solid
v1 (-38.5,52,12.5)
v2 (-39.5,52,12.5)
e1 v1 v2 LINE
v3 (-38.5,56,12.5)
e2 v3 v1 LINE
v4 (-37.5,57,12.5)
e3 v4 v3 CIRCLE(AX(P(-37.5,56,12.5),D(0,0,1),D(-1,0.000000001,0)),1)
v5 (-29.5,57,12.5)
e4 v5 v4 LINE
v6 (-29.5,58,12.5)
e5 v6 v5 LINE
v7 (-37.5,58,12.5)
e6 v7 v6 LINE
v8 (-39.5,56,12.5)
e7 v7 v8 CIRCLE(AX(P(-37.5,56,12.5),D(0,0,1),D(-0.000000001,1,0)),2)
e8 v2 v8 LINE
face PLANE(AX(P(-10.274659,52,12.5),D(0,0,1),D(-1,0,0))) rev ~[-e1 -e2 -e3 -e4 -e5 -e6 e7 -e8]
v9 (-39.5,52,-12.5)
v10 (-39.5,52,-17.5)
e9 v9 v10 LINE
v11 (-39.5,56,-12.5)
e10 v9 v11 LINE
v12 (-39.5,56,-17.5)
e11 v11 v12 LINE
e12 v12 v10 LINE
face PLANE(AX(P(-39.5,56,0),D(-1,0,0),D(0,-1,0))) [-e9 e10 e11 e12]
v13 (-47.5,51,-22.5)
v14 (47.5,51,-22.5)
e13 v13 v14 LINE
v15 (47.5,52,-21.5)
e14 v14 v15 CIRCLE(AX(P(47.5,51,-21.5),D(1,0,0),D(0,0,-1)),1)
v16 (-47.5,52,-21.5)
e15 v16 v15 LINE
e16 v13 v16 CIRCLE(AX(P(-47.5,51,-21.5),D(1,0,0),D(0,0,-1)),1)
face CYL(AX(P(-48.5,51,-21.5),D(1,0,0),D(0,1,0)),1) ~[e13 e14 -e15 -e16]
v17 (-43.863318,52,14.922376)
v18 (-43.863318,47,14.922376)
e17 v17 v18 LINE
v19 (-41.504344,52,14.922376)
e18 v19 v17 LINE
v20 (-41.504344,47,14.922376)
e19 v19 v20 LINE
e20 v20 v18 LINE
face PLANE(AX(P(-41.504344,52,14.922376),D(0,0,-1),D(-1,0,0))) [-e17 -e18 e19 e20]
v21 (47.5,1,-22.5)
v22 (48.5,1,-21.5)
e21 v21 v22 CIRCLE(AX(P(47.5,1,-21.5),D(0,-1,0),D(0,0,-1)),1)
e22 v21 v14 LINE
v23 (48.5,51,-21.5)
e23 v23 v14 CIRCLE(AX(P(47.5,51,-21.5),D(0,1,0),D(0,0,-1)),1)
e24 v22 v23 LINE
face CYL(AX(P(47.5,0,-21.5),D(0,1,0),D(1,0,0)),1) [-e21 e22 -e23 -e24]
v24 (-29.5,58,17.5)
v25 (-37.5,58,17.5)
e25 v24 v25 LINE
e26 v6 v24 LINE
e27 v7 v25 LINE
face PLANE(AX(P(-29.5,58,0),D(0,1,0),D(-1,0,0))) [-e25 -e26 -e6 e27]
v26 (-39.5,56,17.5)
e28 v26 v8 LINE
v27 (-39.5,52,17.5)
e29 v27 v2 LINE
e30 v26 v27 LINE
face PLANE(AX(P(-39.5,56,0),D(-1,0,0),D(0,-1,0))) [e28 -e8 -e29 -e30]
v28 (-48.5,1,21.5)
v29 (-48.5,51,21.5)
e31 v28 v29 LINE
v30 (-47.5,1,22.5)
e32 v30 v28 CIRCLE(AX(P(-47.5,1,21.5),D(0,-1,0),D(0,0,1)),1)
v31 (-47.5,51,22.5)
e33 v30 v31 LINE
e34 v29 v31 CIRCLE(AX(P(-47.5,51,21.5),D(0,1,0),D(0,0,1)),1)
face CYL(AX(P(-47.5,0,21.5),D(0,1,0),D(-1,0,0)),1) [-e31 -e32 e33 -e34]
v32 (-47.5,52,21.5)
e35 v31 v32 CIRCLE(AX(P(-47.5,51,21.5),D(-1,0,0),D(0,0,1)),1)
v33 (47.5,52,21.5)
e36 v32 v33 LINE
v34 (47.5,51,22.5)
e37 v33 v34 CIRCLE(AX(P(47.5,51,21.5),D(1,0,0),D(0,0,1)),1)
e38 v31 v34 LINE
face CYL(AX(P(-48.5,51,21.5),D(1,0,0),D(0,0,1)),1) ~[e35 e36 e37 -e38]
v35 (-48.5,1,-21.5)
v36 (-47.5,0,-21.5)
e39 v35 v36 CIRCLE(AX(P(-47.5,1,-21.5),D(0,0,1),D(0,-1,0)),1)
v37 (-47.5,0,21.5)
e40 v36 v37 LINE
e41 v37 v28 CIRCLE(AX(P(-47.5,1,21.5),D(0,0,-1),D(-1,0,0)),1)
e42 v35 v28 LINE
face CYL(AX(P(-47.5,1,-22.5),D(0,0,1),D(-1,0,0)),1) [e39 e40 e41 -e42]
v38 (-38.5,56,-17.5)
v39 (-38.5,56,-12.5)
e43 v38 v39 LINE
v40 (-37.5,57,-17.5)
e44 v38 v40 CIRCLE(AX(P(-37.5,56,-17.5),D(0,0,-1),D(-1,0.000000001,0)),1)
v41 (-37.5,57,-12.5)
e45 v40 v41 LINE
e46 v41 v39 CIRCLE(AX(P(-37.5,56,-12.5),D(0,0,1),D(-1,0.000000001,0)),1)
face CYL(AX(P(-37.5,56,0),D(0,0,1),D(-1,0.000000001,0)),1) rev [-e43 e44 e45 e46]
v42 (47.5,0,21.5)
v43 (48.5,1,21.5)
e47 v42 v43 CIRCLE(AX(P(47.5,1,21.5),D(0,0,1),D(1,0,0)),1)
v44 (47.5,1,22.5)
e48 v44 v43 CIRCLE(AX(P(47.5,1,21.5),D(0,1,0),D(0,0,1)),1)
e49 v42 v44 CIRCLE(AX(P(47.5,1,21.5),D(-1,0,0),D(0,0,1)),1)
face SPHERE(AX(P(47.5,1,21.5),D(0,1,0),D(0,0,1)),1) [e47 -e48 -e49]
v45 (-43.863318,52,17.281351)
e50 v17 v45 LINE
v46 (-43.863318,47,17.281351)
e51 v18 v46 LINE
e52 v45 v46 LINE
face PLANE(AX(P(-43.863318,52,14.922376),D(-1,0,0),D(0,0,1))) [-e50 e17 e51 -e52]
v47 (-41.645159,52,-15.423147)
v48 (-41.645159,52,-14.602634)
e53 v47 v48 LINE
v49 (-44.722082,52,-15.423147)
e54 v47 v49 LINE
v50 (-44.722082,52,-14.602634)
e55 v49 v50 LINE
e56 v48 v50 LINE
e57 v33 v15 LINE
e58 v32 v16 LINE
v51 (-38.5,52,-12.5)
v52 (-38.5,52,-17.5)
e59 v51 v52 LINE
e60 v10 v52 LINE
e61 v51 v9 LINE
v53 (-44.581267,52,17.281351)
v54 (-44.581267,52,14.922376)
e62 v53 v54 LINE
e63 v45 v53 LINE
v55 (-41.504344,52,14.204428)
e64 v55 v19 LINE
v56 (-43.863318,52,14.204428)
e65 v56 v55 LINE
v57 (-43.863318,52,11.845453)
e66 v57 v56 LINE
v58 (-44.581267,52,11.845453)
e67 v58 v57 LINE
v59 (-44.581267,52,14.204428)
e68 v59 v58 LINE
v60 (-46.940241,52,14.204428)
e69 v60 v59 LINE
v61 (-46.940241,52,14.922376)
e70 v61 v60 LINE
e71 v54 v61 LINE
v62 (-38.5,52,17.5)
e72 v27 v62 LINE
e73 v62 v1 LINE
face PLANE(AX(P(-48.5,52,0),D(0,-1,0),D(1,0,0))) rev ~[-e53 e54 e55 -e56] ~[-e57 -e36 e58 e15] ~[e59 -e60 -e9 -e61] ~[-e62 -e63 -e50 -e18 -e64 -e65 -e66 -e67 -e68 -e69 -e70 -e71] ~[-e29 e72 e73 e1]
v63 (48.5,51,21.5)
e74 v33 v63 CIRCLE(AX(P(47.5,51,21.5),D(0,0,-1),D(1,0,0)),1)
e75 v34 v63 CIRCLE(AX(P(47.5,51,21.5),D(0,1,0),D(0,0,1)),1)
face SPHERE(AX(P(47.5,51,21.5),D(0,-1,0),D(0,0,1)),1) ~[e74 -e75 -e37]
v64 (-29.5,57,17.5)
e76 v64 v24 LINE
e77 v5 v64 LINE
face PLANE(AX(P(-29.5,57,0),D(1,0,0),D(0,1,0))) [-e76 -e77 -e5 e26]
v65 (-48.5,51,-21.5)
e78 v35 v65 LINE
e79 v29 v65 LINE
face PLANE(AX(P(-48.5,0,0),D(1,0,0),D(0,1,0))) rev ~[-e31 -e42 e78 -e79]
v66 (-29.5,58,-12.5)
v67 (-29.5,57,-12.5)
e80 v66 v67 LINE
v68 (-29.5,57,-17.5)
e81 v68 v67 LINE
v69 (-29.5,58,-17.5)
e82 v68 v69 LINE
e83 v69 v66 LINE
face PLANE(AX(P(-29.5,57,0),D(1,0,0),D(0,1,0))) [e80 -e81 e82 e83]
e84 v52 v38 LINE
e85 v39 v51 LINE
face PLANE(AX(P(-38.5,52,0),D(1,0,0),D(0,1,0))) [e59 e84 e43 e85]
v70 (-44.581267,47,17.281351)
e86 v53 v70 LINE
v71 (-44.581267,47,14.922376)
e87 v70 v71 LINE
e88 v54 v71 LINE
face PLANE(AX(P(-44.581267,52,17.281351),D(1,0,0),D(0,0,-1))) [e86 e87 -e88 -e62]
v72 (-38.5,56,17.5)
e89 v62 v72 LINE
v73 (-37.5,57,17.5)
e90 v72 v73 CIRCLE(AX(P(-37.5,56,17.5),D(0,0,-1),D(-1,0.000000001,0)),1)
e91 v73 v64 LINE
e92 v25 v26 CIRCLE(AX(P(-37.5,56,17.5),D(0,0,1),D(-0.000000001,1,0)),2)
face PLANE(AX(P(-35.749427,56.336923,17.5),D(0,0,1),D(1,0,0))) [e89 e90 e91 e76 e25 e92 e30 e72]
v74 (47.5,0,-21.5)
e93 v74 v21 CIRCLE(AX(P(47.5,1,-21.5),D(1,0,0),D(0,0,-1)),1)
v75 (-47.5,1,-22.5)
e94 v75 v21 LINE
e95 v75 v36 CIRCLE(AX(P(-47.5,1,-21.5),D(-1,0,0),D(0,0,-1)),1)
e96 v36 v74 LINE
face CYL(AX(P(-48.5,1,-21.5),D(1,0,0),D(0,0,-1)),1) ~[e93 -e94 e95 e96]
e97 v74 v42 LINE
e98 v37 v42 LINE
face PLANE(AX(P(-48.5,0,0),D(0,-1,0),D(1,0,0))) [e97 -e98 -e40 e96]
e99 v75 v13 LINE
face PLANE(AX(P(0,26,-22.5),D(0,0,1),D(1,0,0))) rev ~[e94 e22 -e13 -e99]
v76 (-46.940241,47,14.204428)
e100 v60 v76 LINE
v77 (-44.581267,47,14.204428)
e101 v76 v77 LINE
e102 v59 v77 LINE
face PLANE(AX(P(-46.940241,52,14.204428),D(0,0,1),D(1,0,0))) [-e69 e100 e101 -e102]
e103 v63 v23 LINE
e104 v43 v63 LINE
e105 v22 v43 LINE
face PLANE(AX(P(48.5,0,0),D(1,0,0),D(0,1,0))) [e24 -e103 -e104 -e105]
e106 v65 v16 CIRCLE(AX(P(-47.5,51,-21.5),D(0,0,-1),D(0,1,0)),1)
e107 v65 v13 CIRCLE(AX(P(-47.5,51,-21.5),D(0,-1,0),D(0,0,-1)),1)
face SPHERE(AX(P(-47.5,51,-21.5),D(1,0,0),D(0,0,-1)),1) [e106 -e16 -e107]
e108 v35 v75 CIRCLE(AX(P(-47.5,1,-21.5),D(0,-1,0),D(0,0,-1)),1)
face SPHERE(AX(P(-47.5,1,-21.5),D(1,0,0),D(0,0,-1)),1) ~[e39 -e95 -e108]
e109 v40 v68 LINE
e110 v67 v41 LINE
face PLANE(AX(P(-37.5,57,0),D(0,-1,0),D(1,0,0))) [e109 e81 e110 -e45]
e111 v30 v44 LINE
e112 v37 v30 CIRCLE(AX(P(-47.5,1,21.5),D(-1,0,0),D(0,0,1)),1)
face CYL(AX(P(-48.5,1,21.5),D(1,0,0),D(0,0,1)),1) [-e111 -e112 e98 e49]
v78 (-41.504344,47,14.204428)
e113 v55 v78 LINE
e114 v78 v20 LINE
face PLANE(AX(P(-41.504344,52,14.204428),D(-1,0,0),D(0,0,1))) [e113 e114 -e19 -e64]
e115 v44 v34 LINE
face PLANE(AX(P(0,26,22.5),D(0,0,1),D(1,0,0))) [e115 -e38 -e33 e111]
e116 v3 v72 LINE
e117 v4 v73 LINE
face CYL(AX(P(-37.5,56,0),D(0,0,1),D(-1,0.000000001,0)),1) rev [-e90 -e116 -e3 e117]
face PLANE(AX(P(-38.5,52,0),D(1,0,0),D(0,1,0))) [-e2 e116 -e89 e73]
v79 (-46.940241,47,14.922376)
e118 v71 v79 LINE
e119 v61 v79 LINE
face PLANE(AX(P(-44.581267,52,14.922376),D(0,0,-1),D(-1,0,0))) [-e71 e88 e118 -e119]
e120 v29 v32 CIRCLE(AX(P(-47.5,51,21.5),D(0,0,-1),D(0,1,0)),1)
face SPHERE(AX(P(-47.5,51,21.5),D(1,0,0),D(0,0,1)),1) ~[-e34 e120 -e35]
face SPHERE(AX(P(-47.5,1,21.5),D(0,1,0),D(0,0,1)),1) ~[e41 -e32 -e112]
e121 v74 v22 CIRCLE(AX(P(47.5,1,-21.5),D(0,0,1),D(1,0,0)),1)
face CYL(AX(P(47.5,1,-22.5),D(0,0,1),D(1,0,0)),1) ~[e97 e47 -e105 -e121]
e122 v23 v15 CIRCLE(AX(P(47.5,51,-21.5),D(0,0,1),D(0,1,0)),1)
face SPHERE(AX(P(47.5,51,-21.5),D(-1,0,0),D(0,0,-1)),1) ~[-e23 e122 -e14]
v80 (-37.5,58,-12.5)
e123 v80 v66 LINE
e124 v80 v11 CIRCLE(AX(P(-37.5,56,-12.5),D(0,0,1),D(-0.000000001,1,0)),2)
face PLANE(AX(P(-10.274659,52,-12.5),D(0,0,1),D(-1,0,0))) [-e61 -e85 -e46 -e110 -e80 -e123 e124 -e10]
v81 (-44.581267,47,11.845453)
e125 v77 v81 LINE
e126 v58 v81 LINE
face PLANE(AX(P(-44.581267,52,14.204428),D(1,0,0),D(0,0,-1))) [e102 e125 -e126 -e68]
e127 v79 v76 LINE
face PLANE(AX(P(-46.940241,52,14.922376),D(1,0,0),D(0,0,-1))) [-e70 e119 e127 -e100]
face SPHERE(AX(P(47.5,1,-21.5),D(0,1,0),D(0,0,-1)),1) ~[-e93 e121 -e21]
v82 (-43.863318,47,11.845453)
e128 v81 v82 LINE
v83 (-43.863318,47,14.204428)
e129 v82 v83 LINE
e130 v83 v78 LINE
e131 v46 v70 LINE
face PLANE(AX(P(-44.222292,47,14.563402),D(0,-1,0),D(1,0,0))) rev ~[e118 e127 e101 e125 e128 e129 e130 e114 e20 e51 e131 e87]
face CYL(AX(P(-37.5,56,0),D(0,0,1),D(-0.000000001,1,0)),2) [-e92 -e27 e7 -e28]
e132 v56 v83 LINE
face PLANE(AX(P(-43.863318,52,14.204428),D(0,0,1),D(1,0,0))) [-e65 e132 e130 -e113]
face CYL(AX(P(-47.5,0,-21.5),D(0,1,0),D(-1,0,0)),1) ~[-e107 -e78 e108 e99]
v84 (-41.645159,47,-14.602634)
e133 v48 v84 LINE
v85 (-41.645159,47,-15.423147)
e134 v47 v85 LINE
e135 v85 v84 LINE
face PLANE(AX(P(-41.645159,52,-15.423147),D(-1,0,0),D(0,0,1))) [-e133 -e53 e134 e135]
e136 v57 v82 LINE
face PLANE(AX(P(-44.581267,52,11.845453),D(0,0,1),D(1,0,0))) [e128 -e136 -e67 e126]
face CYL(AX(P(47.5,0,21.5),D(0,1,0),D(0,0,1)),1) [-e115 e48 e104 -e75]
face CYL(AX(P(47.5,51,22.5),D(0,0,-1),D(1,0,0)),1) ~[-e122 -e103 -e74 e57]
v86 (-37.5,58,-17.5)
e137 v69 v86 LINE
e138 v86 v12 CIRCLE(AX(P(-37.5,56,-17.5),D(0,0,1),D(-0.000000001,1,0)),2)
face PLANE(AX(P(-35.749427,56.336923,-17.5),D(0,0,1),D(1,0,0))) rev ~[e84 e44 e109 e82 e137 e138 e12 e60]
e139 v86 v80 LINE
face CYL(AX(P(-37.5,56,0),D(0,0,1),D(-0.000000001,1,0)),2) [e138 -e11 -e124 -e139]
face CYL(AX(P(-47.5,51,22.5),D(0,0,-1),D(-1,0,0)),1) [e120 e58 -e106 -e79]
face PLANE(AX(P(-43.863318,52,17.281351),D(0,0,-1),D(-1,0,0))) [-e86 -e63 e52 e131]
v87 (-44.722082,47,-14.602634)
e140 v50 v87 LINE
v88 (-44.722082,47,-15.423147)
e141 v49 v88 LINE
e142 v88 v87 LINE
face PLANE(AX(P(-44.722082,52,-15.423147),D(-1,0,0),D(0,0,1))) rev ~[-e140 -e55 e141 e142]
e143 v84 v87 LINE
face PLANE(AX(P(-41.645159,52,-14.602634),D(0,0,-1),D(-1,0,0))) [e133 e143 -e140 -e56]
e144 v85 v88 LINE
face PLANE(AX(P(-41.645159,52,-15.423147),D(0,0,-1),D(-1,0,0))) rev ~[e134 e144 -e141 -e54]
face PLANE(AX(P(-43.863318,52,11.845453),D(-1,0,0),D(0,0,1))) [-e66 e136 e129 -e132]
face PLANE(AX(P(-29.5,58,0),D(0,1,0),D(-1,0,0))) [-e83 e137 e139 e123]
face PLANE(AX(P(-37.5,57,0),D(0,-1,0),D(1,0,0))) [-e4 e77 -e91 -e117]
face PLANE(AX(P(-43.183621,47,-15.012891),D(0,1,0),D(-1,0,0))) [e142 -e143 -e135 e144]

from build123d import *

# Parameters (mm, degrees)
SCHIZZO1_W               = 97
SCHIZZO1_H               = 52
ESTRUSIONE1_DEPTH        = 22.5
RACCORDO1_R              = 1
ESTRUSIONE2_DEPTH        = 17.5
SCHIZZO4_W               = 33.983715523
SCHIZZO4_H               = 25
TAGLIO_ESTRUSIONE2_DEPTH = 35
SCHIZZO5_W               = 3.076923077
SCHIZZO5_H               = 0.820512821
TAGLIO_ESTRUSIONE3_DEPTH = 5


with BuildPart() as part:
    # Schizzo1 → Estrusione1 (new, symmetric)
    with BuildSketch(Plane.XY):
        with Locations((0, 26)):
            Rectangle(SCHIZZO1_W, SCHIZZO1_H)
    extrude(amount=ESTRUSIONE1_DEPTH, both=True)

    # Raccordo1
    raccordo1_edges = [part.edges().sort_by_distance(p)[0] for p in [
        (48.5, 26, 22.5),
        (0, 52, 22.5),
        (-48.5, 26, 22.5),
        (0, 52, -22.5),
        (48.5, 26, -22.5),
        (0, 0, -22.5),
        (-48.5, 26, -22.5),
        (0, 0, 22.5),
        (-48.5, 52, 0),
        (48.5, 52, 0),
        (48.5, 0, 0),
        (-48.5, 0, 0),
    ]]
    fillet(raccordo1_edges, radius=RACCORDO1_R)

    # Schizzo3 → Estrusione2 (add, symmetric)
    with BuildSketch(Plane.XY):
        with BuildLine():
            Line((-38.5, 52), (-38.5, 56))
            ThreePointArc((-38.5, 56), (-38.207106781, 56.707106781), (-37.5, 57))
            Line((-37.5, 57), (-29.5, 57))
            Line((-29.5, 57), (-29.5, 58))
            Line((-29.5, 58), (-37.5, 58))
            ThreePointArc((-37.5, 58), (-38.914213562, 57.414213562), (-39.5, 56))
            Line((-39.5, 56), (-39.5, 52))
            Line((-39.5, 52), (-38.5, 52))
        make_face()
    extrude(amount=ESTRUSIONE2_DEPTH, both=True)

    # Schizzo4 → Taglio-Estrusione2 (cut)
    with BuildSketch(Plane(origin=(0, 52, 0), x_dir=(-1, 0, 0), z_dir=(0, 1, 0))):
        with Locations((27.266516562, 0)):
            Rectangle(SCHIZZO4_W, SCHIZZO4_H)
    extrude(amount=TAGLIO_ESTRUSIONE2_DEPTH, mode=Mode.SUBTRACT)

    # Schizzo5 → Taglio-Estrusione3 (cut)
    with BuildSketch(Plane(origin=(0, 52, 0), x_dir=(-1, 0, 0), z_dir=(0, 1, 0))):
        Polygon((43.863317921, 14.922376349), (43.863317921, 17.281350708), (44.581266639, 17.281350708), (44.581266639, 14.922376349), (46.940240998, 14.922376349), (46.940240998, 14.204427631), (44.581266639, 14.204427631), (44.581266639, 11.845453272), (43.863317921, 11.845453272), (43.863317921, 14.204427631), (41.504343562, 14.204427631), (41.504343562, 14.922376349), align=None)
        with Locations((43.183620569, -15.012890571)):
            Rectangle(SCHIZZO5_W, SCHIZZO5_H)
    extrude(amount=-TAGLIO_ESTRUSIONE3_DEPTH, mode=Mode.SUBTRACT)


solid = part.part
